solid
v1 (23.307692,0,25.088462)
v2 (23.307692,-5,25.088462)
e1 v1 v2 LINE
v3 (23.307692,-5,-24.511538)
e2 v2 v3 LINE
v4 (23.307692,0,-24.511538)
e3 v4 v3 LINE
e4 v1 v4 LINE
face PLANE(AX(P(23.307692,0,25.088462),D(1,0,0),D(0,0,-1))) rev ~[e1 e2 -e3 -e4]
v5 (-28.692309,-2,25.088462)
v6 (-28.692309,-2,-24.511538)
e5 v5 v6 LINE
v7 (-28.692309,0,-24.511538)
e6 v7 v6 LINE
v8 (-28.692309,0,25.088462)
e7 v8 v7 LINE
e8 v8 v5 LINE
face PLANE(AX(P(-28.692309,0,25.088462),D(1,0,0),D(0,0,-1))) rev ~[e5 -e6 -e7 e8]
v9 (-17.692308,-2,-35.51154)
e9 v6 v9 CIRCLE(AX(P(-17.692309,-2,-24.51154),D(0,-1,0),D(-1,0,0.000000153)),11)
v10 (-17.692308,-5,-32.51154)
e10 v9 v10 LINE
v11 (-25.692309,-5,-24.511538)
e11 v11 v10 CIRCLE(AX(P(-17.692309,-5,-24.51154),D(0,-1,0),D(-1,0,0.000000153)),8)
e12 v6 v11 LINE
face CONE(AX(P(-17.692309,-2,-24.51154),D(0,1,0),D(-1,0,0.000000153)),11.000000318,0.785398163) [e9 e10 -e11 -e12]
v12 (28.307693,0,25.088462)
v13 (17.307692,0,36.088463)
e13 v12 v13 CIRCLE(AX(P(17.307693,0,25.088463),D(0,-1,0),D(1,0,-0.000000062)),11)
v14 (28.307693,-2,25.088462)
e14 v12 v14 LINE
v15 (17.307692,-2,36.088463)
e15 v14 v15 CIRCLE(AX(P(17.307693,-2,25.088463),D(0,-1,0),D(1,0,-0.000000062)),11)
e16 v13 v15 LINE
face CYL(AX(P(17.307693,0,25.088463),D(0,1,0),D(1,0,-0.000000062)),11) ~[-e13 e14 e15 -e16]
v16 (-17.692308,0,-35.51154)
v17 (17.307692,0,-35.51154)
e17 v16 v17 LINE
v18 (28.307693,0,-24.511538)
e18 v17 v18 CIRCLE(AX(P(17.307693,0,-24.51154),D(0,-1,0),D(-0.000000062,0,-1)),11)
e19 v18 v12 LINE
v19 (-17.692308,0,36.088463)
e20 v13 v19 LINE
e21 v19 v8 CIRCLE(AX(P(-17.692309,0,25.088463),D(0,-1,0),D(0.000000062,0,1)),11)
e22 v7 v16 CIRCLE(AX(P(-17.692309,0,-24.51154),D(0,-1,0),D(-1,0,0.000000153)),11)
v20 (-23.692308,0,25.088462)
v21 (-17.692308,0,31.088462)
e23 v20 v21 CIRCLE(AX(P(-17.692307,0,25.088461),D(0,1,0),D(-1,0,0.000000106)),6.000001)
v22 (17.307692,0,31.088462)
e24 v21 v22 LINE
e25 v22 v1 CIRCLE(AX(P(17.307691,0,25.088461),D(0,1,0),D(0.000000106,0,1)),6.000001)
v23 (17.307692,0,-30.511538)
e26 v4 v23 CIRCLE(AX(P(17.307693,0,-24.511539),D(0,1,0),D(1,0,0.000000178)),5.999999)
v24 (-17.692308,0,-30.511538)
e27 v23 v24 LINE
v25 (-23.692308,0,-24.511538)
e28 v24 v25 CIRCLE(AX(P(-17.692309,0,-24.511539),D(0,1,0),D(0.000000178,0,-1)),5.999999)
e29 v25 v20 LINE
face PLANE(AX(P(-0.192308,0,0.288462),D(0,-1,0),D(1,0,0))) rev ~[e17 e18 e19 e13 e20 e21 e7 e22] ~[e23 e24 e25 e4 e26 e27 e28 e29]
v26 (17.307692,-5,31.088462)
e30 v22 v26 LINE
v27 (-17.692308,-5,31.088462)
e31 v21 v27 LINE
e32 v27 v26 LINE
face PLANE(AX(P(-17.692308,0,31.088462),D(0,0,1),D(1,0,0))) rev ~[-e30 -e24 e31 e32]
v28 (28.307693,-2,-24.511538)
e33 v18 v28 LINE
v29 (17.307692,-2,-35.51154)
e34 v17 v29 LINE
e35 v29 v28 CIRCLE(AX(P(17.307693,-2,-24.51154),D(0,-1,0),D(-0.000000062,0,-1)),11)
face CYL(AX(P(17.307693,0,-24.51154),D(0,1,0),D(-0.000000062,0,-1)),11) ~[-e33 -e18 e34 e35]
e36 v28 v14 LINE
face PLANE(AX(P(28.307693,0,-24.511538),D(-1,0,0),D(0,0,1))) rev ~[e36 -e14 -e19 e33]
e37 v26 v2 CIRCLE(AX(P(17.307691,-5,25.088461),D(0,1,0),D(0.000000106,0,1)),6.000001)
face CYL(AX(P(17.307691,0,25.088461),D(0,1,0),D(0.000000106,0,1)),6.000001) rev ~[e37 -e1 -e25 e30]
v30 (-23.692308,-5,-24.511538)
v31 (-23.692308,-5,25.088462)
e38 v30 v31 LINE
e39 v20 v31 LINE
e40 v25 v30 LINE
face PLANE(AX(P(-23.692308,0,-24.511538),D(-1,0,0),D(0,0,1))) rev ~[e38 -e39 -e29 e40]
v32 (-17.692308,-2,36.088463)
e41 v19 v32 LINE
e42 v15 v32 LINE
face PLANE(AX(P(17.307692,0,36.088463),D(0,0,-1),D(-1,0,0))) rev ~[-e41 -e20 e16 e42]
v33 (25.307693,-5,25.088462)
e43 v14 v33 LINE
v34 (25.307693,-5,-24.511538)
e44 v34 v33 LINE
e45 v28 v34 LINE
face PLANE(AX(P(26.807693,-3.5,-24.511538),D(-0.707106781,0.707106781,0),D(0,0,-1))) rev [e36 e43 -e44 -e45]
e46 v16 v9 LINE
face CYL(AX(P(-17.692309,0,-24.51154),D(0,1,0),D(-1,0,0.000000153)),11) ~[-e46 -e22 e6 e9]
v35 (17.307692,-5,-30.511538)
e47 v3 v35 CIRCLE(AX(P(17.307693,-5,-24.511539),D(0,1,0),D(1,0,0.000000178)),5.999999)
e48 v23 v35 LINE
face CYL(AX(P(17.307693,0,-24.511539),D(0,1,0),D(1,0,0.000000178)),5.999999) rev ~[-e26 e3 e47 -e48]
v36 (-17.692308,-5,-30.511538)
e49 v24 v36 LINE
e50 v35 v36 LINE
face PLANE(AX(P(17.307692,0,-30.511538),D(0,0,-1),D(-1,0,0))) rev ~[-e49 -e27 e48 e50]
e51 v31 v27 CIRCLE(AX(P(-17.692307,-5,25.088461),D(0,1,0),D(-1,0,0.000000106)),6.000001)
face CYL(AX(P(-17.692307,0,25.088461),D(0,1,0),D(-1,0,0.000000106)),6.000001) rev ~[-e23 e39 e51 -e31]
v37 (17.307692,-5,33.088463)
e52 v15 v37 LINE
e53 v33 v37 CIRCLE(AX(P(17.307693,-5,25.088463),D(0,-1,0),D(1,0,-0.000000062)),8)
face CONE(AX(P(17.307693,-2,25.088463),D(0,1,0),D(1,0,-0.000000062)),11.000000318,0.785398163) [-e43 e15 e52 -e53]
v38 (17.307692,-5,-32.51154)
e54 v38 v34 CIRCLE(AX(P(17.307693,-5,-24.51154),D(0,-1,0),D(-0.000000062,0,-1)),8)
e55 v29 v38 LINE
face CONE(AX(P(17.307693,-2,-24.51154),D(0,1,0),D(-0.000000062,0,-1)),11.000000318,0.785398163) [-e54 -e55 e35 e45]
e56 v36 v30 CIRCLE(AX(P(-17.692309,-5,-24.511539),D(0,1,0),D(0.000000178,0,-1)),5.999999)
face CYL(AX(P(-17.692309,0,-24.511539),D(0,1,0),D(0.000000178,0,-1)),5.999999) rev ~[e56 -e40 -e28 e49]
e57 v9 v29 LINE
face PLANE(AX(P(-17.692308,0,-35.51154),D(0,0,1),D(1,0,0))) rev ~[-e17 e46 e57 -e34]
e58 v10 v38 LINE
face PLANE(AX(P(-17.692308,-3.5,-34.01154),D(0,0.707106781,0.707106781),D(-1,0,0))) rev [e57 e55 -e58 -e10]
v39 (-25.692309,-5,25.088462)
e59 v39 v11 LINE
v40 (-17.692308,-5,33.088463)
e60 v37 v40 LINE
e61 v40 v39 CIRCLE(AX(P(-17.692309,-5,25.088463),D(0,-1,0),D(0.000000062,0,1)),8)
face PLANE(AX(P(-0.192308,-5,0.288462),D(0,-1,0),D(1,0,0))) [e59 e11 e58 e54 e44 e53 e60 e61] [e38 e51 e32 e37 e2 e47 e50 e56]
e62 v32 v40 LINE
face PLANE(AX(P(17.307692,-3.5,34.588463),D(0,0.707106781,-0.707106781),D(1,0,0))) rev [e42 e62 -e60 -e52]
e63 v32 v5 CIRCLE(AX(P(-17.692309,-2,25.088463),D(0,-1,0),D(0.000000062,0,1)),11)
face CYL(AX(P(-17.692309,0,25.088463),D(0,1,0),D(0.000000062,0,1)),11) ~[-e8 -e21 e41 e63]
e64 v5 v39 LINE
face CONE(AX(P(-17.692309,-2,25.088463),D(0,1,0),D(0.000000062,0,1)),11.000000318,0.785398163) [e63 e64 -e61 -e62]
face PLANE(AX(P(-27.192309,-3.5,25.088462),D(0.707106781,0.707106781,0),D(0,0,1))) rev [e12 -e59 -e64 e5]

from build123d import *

# Parameters (mm, degrees)
F1_DEPTH = 5
F2_SIZE  = 3


with BuildPart() as f1:
    # F0 (on Front) → F1 (new body)
    with BuildSketch(Plane.XZ):
        with BuildLine():
            Line((17.307692, 36.088463), (-17.692308, 36.088463))
            ThreePointArc((-17.692308, 36.088463), (-25.470484, 32.866637), (-28.692309, 25.088462))
            Line((-28.692309, 25.088462), (-28.692309, -24.511538))
            ThreePointArc((-28.692309, -24.511538), (-25.470484, -32.289714), (-17.692308, -35.51154))
            Line((-17.692308, -35.51154), (17.307692, -35.51154))
            ThreePointArc((17.307692, -35.51154), (25.085868, -32.289714), (28.307693, -24.511538))
            Line((28.307693, -24.511538), (28.307693, 25.088462))
            ThreePointArc((28.307693, 25.088462), (25.085868, 32.866637), (17.307692, 36.088463))
        make_face()
        with BuildLine():
            ThreePointArc((-23.692308, 25.088462), (-21.934949, 29.331102), (-17.692308, 31.088462))
            Line((-17.692308, 31.088462), (17.307692, 31.088462))
            ThreePointArc((17.307692, 31.088462), (21.550333, 29.331102), (23.307692, 25.088462))
            Line((23.307692, 25.088462), (23.307692, -24.511538))
            ThreePointArc((23.307692, -24.511538), (21.550333, -28.754179), (17.307692, -30.511538))
            Line((17.307692, -30.511538), (-17.692308, -30.511538))
            ThreePointArc((-17.692308, -30.511538), (-21.934949, -28.754179), (-23.692308, -24.511538))
            Line((-23.692308, -24.511538), (-23.692308, 25.088462))
        make_face(mode=Mode.SUBTRACT)
    extrude(amount=F1_DEPTH)

    # F2
    f2_edges = [f1.edges().sort_by_distance(p)[0] for p in [
        (28.307693, -5, 0.288462),
    ]]
    chamfer(f2_edges, length=F2_SIZE)


solid = f1.part
